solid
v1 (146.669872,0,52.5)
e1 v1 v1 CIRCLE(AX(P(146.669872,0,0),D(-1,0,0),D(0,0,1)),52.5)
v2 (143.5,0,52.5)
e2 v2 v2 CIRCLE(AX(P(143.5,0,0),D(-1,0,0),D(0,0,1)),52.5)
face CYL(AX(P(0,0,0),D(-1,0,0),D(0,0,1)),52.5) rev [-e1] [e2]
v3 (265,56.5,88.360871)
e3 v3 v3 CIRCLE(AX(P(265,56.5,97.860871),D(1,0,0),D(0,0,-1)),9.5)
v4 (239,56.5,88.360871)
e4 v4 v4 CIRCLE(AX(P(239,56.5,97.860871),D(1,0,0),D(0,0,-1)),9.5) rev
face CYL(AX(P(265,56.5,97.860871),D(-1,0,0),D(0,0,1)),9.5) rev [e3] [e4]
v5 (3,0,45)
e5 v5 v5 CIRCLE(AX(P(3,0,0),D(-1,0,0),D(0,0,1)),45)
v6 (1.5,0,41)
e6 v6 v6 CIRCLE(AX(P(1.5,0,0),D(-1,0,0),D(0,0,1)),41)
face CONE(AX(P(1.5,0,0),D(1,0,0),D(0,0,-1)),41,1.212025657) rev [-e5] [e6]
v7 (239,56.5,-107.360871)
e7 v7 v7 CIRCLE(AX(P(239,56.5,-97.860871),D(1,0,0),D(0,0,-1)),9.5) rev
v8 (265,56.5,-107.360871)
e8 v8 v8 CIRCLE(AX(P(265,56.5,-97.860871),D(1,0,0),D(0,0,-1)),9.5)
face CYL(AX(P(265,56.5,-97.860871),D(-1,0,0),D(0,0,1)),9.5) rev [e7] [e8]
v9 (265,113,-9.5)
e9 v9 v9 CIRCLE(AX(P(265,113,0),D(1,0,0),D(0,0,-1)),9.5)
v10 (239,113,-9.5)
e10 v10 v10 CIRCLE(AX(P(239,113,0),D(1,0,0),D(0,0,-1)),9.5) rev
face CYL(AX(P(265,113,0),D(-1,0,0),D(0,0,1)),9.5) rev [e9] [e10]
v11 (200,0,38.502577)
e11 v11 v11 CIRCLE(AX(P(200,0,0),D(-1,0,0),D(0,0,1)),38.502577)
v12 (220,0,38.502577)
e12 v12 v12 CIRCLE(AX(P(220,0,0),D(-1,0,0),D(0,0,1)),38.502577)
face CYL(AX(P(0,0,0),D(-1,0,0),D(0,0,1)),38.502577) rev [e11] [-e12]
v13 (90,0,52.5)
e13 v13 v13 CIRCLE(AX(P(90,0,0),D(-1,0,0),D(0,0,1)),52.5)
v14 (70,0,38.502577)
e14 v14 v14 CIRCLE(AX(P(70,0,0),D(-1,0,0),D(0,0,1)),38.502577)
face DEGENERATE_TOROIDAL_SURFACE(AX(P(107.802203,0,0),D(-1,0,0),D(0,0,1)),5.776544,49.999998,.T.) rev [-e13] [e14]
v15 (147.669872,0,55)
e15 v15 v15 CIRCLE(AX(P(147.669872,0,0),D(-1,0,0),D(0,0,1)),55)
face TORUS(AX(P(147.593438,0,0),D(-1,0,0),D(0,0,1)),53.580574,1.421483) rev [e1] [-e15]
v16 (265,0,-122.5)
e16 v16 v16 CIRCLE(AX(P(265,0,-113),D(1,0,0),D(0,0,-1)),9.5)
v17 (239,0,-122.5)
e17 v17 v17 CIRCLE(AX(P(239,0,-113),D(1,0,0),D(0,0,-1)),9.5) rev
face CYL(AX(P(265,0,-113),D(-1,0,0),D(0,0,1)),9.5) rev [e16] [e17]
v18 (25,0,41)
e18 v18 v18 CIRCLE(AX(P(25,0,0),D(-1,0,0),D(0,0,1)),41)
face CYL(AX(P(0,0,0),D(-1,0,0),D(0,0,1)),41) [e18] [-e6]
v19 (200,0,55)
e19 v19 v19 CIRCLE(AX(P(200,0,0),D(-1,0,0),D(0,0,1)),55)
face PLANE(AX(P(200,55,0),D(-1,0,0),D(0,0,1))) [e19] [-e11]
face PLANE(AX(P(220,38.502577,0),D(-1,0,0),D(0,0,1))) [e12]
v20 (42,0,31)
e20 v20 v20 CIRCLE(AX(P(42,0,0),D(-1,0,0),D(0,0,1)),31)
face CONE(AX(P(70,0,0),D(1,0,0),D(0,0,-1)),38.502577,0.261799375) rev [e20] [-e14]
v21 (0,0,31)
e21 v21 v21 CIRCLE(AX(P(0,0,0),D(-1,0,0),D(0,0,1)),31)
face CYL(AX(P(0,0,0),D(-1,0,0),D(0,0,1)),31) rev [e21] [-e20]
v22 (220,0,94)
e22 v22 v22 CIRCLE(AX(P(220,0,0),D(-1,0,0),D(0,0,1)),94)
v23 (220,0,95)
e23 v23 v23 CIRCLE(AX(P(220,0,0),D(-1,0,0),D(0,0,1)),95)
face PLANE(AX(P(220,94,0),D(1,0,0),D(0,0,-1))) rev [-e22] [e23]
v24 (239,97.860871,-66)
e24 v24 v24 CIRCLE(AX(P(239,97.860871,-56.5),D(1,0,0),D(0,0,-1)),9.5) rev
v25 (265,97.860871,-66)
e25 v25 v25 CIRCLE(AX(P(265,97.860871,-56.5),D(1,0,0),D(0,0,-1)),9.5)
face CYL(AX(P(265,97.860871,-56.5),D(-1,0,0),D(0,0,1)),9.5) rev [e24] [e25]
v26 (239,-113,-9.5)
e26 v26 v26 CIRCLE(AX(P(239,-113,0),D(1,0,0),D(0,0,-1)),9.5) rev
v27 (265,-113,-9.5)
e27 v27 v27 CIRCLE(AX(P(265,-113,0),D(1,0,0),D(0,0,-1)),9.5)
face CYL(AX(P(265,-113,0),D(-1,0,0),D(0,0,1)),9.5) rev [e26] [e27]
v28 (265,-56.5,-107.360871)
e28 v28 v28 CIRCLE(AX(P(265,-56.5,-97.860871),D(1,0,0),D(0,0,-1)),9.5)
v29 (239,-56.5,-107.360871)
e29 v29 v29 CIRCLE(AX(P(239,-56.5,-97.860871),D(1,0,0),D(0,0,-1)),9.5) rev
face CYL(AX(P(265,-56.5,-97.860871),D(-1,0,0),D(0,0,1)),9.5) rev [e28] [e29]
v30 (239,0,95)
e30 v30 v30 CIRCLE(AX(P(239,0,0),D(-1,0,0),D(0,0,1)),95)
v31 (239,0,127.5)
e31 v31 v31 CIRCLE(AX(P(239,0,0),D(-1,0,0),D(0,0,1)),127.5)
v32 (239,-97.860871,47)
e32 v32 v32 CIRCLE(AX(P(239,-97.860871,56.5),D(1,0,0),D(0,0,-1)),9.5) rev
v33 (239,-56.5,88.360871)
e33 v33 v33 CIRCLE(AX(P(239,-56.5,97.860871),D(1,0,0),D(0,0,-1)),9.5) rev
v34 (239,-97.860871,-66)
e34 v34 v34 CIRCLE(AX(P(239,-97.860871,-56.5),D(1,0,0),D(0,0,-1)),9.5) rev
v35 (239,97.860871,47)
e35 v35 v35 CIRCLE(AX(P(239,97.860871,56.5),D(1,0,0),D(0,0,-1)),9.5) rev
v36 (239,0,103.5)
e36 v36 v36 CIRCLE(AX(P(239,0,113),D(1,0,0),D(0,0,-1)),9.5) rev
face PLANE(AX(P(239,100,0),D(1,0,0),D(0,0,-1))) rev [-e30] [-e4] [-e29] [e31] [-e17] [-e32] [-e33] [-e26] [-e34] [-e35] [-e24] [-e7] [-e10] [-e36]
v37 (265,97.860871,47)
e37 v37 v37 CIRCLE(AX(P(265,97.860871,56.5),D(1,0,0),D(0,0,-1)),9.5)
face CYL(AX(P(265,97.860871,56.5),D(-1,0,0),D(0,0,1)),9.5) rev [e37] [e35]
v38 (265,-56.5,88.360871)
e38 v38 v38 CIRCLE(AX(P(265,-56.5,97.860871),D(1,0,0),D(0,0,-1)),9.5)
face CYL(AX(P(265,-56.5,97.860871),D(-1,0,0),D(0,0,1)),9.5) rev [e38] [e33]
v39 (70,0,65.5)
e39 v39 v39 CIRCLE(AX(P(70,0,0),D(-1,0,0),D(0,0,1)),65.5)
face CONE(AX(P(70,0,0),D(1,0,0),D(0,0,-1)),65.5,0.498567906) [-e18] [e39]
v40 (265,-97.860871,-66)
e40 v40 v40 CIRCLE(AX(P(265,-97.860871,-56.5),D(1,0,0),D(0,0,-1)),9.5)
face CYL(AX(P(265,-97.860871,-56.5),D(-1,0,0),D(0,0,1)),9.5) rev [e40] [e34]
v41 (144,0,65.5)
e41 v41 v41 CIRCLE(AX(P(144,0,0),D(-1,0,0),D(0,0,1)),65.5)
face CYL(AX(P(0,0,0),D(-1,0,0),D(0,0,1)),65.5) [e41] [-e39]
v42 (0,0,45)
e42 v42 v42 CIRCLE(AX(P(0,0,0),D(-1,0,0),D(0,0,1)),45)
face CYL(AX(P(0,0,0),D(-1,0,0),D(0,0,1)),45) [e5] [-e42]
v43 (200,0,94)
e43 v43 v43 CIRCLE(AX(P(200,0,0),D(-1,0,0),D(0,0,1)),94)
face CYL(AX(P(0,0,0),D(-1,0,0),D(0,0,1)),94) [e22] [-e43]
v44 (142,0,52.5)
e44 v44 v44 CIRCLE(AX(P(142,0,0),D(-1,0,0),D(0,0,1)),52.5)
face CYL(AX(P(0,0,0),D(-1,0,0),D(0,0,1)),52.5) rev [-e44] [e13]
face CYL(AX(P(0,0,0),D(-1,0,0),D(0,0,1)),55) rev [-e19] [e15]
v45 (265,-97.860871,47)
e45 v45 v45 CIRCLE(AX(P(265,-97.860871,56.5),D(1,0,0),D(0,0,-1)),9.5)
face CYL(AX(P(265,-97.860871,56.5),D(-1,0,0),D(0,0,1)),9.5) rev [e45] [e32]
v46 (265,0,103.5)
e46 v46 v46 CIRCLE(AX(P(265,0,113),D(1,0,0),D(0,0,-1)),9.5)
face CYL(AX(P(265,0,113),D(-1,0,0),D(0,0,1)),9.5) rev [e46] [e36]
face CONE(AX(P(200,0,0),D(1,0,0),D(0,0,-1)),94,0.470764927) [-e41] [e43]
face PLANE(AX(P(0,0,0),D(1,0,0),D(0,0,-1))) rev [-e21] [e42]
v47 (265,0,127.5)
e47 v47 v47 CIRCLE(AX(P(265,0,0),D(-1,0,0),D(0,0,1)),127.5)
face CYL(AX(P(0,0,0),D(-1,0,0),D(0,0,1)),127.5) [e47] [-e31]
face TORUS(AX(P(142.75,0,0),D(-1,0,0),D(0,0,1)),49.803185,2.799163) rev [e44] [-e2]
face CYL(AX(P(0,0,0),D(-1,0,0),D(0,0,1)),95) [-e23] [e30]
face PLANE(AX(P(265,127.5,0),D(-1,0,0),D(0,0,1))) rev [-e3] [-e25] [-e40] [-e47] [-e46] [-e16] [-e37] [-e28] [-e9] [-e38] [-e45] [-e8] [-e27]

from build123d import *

# Parameters (mm, degrees)
SKETCH_3_R           = 9.5
CUT_EXTRUDE_1_DEPTH  = 321.526909947
SKETCH_4_R           = 9.5
CUT_EXTRUDE_2_DEPTH  = 321.526909947
SKETCH_5_R           = 9.5
CUT_EXTRUDE_3_DEPTH  = 321.526909947
SKETCH_6_R           = 9.5
CUT_EXTRUDE_4_DEPTH  = 321.526909947
SKETCH_7_R           = 9.5
CUT_EXTRUDE_5_DEPTH  = 321.526909947
SKETCH_8_R           = 9.5
CUT_EXTRUDE_6_DEPTH  = 321.526909947
SKETCH_9_R           = 9.5
CUT_EXTRUDE_7_DEPTH  = 321.526909947
SKETCH_10_R          = 9.5
CUT_EXTRUDE_8_DEPTH  = 321.526909947
SKETCH_11_R          = 9.5
CUT_EXTRUDE_9_DEPTH  = 321.526909947
SKETCH_12_R          = 9.5
CUT_EXTRUDE_10_DEPTH = 321.526909947
SKETCH_13_R          = 9.5
CUT_EXTRUDE_11_DEPTH = 321.526909947
SKETCH_14_R          = 9.5
CUT_EXTRUDE_12_DEPTH = 321.526909947


with BuildPart() as part:
    # Эскиз1 → Повернуть1 (revolve)
    with BuildSketch(Plane.XY, mode=Mode.PRIVATE) as revolve_1_sk:
        Polygon((0, 0), (265, 0), (265, 127.5), (239, 127.5), (239, 100), (239, 95), (220, 95), (220, 94), (200, 94), (144, 65.5), (70, 65.5), (25, 41), (1.5, 41), (3, 45), (0, 45), align=None)
    revolve(revolve_1_sk.sketch.rotate(Axis((0, 0, 0), (1, 0, 0)), 90), axis=Axis((0, 0, 0), (1, 0, 0)))

    # Эскиз2 → Вырез-Повернуть1 (revolve, cut)
    with BuildSketch(Plane.XY, mode=Mode.PRIVATE) as cut_revolve_1_sk:
        with BuildLine():
            Line((0, 0), (220, 0))
            Line((220, 0), (220, 38.502577))
            Line((220, 38.502577), (200, 38.502577))
            Line((200, 38.502577), (200, 55))
            Line((200, 55), (147.669872, 55))
            ThreePointArc((147.669872, 55), (146.273624348, 54.108499061), (146.669872, 52.5))
            Line((146.669872, 52.5), (143.5, 52.5))
            ThreePointArc((143.5, 52.5), (142.75, 52.602347572), (142, 52.5))
            Line((142, 52.5), (90, 52.5))
            ThreePointArc((90, 52.5), (79.13262933, 46.740617582), (70, 38.502577))
            Line((70, 38.502577), (42, 31))
            Line((42, 31), (0, 31))
            Line((0, 31), (0, 0))
        make_face()
    revolve(cut_revolve_1_sk.sketch.rotate(Axis((0, 0, 0), (1, 0, 0)), 90), axis=Axis((0, 0, 0), (1, 0, 0)), mode=Mode.SUBTRACT)

    # Эскиз3 → Вырез-Вытянуть1 (cut, through all)
    with BuildSketch(Plane(origin=(0, 0, 0), x_dir=(0, 0, -1), z_dir=(1, 0, 0))):
        with Locations((0, 113)):
            Circle(SKETCH_3_R)
    extrude(amount=CUT_EXTRUDE_1_DEPTH, mode=Mode.SUBTRACT)

    # Эскиз4 → Вырез-Вытянуть2 (cut, through all)
    with BuildSketch(Plane(origin=(0, 0, 0), x_dir=(0, 0, -1), z_dir=(1, 0, 0))):
        with Locations((-56.5, 97.860870628)):
            Circle(SKETCH_4_R)
    extrude(amount=CUT_EXTRUDE_2_DEPTH, mode=Mode.SUBTRACT)

    # Эскиз5 → Вырез-Вытянуть3 (cut, through all)
    with BuildSketch(Plane(origin=(0, 0, 0), x_dir=(0, 0, -1), z_dir=(1, 0, 0))):
        with Locations((-97.860870628, 56.5)):
            Circle(SKETCH_5_R)
    extrude(amount=CUT_EXTRUDE_3_DEPTH, mode=Mode.SUBTRACT)

    # Эскиз6 → Вырез-Вытянуть4 (cut, through all)
    with BuildSketch(Plane(origin=(0, 0, 0), x_dir=(0, 0, -1), z_dir=(1, 0, 0))):
        with Locations((-113, 0)):
            Circle(SKETCH_6_R)
    extrude(amount=CUT_EXTRUDE_4_DEPTH, mode=Mode.SUBTRACT)

    # Эскиз7 → Вырез-Вытянуть5 (cut, through all)
    with BuildSketch(Plane(origin=(0, 0, 0), x_dir=(0, 0, -1), z_dir=(1, 0, 0))):
        with Locations((-97.860870628, -56.5)):
            Circle(SKETCH_7_R)
    extrude(amount=CUT_EXTRUDE_5_DEPTH, mode=Mode.SUBTRACT)

    # Эскиз8 → Вырез-Вытянуть6 (cut, through all)
    with BuildSketch(Plane(origin=(0, 0, 0), x_dir=(0, 0, -1), z_dir=(1, 0, 0))):
        with Locations((-56.5, -97.860870628)):
            Circle(SKETCH_8_R)
    extrude(amount=CUT_EXTRUDE_6_DEPTH, mode=Mode.SUBTRACT)

    # Эскиз9 → Вырез-Вытянуть7 (cut, through all)
    with BuildSketch(Plane(origin=(0, 0, 0), x_dir=(0, 0, -1), z_dir=(1, 0, 0))):
        with Locations((0, -113)):
            Circle(SKETCH_9_R)
    extrude(amount=CUT_EXTRUDE_7_DEPTH, mode=Mode.SUBTRACT)

    # Эскиз10 → Вырез-Вытянуть8 (cut, through all)
    with BuildSketch(Plane(origin=(0, 0, 0), x_dir=(0, 0, -1), z_dir=(1, 0, 0))):
        with Locations((56.5, -97.860870628)):
            Circle(SKETCH_10_R)
    extrude(amount=CUT_EXTRUDE_8_DEPTH, mode=Mode.SUBTRACT)

    # Эскиз11 → Вырез-Вытянуть9 (cut, through all)
    with BuildSketch(Plane(origin=(0, 0, 0), x_dir=(0, 0, -1), z_dir=(1, 0, 0))):
        with Locations((97.860870628, -56.5)):
            Circle(SKETCH_11_R)
    extrude(amount=CUT_EXTRUDE_9_DEPTH, mode=Mode.SUBTRACT)

    # Эскиз12 → Вырез-Вытянуть10 (cut, through all)
    with BuildSketch(Plane(origin=(0, 0, 0), x_dir=(0, 0, -1), z_dir=(1, 0, 0))):
        with Locations((113, 0)):
            Circle(SKETCH_12_R)
    extrude(amount=CUT_EXTRUDE_10_DEPTH, mode=Mode.SUBTRACT)

    # Эскиз13 → Вырез-Вытянуть11 (cut, through all)
    with BuildSketch(Plane(origin=(0, 0, 0), x_dir=(0, 0, -1), z_dir=(1, 0, 0))):
        with Locations((97.860870628, 56.5)):
            Circle(SKETCH_13_R)
    extrude(amount=CUT_EXTRUDE_11_DEPTH, mode=Mode.SUBTRACT)

    # Эскиз14 → Вырез-Вытянуть12 (cut, through all)
    with BuildSketch(Plane(origin=(0, 0, 0), x_dir=(0, 0, -1), z_dir=(1, 0, 0))):
        with Locations((56.5, 97.860870628)):
            Circle(SKETCH_14_R)
    extrude(amount=CUT_EXTRUDE_12_DEPTH, mode=Mode.SUBTRACT)


solid = part.part
